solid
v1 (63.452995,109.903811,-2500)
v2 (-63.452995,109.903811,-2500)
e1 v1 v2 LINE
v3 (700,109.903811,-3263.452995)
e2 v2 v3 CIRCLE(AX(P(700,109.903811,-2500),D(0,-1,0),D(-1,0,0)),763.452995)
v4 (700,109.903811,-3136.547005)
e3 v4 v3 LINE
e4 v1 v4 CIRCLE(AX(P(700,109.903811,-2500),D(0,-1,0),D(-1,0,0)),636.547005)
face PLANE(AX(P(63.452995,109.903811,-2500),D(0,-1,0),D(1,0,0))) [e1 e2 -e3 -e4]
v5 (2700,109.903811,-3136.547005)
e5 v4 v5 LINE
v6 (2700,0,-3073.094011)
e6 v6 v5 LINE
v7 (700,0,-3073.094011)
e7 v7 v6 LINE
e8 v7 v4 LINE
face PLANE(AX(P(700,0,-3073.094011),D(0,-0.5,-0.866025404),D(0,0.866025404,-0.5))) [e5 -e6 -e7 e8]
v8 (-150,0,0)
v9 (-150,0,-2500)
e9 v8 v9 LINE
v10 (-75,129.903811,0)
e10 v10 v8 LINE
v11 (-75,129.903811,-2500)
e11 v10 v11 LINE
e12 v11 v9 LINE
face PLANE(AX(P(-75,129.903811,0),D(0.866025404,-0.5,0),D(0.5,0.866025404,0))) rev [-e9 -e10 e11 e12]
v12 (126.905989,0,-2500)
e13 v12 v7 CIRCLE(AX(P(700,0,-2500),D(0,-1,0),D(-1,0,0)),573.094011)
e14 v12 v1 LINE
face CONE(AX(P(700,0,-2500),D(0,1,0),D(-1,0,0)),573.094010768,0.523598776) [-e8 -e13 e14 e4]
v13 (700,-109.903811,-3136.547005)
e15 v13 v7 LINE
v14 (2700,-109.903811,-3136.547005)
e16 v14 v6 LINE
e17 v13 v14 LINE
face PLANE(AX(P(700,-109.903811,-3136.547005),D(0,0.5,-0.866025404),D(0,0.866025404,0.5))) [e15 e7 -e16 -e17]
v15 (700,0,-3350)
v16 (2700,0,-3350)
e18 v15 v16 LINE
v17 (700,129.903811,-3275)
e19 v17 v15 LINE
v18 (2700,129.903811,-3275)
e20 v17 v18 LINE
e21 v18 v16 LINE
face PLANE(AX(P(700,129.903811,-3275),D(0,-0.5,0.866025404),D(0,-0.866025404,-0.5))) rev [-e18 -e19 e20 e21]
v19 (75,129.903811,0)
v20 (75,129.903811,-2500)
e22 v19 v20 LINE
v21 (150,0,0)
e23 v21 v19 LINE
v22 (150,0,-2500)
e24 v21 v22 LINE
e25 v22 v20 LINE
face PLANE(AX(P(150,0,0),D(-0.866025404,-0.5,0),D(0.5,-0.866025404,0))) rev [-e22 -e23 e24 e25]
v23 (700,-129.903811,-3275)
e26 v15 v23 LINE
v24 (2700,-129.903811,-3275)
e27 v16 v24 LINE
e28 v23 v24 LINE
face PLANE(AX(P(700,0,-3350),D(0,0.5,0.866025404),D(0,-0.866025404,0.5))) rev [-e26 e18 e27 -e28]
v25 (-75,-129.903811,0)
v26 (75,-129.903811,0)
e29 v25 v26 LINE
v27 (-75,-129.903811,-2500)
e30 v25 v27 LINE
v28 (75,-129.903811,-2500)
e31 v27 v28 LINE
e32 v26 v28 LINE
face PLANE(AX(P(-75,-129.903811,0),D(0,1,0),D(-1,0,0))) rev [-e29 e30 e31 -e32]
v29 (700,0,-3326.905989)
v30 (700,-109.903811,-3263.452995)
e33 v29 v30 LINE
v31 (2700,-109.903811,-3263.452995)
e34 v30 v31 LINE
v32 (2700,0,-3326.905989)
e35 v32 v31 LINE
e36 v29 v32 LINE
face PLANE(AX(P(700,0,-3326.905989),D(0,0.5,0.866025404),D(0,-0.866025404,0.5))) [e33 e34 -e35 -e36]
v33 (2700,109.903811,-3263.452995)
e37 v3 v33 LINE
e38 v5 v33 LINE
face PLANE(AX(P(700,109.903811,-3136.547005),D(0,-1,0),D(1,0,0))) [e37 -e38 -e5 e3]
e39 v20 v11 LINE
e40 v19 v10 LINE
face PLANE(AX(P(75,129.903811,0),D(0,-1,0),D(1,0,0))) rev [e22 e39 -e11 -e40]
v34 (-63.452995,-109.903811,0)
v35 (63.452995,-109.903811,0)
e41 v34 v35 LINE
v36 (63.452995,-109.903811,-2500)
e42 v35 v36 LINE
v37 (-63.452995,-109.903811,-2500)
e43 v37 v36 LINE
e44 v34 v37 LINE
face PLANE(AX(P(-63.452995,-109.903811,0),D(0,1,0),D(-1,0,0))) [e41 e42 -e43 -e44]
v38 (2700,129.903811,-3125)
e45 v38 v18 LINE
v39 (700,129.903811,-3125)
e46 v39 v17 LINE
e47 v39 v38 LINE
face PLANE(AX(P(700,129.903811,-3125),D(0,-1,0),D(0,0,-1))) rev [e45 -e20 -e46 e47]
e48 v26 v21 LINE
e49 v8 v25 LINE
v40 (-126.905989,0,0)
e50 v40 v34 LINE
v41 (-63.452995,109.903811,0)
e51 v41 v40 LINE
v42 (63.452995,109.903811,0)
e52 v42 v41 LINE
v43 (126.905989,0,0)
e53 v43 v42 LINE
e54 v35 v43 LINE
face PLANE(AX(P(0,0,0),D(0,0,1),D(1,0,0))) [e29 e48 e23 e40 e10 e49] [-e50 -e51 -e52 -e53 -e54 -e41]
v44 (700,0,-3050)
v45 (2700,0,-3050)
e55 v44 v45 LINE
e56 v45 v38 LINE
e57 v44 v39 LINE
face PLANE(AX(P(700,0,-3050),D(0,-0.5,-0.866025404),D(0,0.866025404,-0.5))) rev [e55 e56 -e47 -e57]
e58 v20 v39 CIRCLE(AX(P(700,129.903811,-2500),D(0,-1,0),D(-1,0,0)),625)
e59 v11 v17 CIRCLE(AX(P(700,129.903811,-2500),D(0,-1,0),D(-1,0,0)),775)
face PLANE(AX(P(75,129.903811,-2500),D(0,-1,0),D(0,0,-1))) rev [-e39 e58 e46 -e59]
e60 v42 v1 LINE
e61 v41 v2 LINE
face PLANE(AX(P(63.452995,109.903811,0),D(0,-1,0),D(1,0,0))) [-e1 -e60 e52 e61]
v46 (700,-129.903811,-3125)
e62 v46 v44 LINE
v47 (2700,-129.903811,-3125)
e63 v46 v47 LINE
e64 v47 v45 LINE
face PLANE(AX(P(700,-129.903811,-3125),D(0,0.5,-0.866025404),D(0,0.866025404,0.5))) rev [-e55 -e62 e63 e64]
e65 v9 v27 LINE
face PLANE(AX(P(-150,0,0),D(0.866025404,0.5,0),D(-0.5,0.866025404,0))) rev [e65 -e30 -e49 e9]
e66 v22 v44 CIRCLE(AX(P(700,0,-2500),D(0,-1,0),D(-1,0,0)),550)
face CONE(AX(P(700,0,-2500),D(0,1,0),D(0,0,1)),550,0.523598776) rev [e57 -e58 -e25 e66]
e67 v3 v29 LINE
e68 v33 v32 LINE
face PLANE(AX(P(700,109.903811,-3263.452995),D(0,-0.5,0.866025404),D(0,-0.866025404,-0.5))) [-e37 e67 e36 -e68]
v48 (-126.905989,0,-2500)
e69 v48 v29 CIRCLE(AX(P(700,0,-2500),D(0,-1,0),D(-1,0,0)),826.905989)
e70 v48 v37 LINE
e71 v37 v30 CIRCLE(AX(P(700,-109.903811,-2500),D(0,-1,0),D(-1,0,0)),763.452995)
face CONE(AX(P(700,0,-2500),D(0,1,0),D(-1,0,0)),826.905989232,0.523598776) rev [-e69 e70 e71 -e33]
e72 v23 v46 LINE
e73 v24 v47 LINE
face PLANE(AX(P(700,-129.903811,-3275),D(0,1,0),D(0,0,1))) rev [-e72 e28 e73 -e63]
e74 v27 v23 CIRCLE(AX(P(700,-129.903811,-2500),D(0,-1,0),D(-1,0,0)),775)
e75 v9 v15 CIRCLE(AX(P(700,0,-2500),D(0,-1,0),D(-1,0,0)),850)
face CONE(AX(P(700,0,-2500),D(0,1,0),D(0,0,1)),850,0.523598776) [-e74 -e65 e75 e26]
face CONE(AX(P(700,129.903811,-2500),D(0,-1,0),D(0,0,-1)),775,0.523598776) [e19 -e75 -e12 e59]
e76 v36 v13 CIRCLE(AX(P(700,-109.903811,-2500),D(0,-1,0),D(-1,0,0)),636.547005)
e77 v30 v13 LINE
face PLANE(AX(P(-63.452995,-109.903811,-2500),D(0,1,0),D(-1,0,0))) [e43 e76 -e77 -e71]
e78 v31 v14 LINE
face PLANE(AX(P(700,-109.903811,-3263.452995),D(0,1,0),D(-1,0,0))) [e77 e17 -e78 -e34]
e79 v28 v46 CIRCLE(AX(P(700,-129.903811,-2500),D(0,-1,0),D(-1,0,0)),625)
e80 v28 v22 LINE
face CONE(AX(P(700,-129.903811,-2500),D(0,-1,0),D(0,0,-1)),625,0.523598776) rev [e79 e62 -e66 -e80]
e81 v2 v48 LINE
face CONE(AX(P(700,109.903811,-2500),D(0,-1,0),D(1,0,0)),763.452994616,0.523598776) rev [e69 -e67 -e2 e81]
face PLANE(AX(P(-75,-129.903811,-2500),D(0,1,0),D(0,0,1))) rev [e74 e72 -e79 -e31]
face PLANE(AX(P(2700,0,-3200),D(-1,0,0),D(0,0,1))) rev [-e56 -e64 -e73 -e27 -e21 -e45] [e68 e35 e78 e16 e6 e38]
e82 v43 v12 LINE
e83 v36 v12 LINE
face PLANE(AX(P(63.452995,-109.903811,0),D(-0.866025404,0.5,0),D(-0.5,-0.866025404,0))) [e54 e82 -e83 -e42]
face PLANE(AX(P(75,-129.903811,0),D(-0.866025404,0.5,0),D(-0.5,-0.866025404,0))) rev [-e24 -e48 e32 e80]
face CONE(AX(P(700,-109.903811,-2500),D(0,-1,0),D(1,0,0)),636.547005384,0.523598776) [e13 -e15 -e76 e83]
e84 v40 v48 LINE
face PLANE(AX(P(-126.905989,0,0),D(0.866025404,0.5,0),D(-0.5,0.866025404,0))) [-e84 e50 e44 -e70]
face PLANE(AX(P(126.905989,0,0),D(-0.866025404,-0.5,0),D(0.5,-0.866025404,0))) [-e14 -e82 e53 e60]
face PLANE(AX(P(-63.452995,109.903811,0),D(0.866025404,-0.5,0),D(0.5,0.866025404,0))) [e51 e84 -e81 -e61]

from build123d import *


with BuildPart() as part:
    # Balayage1: sweep along a path in Esquisse3
    with BuildLine(Plane(origin=(0, 0, 0), x_dir=(1, 0, 0), z_dir=(0, 1, 0))) as balayage1_path:
        Line((0, 0), (0, 2500))
        ThreePointArc((0, 2500), (205.025253169, 2994.974746831), (700, 3200))
        Line((700, 3200), (2700, 3200))
    # Esquisse2 → Balayage1 (sweep)
    with BuildSketch(Plane.XY):
        Polygon((75, 129.903810568), (-75, 129.903810568), (-150, 0), (-75, -129.903810568), (75, -129.903810568), (150, 0), align=None)
    sweep(path=balayage1_path.line)

    # Enlèvement de matière-Balayage1: sweep along a path in Esquisse5
    with BuildLine(Plane(origin=(0, 129.903810568, 0), x_dir=(1, 0, 0), z_dir=(0, 1, 0))) as enl_vement_de_mati_re_balayage1_path:
        Line((150, 0), (150, 2500))
        ThreePointArc((150, 2500), (311.091270347, 2888.908729653), (700, 3050))
        Line((700, 3050), (2700, 3050))
    # Esquisse4 → Enlèvement de matière-Balayage1 (sweep, cut)
    with BuildSketch(Plane.XY):
        Polygon((126.905989232, 0), (63.452994616, 109.903810568), (-63.452994616, 109.903810568), (-126.905989232, 0), (-63.452994616, -109.903810568), (63.452994616, -109.903810568), align=None)
    sweep(path=enl_vement_de_mati_re_balayage1_path.line, mode=Mode.SUBTRACT)


solid = part.part
